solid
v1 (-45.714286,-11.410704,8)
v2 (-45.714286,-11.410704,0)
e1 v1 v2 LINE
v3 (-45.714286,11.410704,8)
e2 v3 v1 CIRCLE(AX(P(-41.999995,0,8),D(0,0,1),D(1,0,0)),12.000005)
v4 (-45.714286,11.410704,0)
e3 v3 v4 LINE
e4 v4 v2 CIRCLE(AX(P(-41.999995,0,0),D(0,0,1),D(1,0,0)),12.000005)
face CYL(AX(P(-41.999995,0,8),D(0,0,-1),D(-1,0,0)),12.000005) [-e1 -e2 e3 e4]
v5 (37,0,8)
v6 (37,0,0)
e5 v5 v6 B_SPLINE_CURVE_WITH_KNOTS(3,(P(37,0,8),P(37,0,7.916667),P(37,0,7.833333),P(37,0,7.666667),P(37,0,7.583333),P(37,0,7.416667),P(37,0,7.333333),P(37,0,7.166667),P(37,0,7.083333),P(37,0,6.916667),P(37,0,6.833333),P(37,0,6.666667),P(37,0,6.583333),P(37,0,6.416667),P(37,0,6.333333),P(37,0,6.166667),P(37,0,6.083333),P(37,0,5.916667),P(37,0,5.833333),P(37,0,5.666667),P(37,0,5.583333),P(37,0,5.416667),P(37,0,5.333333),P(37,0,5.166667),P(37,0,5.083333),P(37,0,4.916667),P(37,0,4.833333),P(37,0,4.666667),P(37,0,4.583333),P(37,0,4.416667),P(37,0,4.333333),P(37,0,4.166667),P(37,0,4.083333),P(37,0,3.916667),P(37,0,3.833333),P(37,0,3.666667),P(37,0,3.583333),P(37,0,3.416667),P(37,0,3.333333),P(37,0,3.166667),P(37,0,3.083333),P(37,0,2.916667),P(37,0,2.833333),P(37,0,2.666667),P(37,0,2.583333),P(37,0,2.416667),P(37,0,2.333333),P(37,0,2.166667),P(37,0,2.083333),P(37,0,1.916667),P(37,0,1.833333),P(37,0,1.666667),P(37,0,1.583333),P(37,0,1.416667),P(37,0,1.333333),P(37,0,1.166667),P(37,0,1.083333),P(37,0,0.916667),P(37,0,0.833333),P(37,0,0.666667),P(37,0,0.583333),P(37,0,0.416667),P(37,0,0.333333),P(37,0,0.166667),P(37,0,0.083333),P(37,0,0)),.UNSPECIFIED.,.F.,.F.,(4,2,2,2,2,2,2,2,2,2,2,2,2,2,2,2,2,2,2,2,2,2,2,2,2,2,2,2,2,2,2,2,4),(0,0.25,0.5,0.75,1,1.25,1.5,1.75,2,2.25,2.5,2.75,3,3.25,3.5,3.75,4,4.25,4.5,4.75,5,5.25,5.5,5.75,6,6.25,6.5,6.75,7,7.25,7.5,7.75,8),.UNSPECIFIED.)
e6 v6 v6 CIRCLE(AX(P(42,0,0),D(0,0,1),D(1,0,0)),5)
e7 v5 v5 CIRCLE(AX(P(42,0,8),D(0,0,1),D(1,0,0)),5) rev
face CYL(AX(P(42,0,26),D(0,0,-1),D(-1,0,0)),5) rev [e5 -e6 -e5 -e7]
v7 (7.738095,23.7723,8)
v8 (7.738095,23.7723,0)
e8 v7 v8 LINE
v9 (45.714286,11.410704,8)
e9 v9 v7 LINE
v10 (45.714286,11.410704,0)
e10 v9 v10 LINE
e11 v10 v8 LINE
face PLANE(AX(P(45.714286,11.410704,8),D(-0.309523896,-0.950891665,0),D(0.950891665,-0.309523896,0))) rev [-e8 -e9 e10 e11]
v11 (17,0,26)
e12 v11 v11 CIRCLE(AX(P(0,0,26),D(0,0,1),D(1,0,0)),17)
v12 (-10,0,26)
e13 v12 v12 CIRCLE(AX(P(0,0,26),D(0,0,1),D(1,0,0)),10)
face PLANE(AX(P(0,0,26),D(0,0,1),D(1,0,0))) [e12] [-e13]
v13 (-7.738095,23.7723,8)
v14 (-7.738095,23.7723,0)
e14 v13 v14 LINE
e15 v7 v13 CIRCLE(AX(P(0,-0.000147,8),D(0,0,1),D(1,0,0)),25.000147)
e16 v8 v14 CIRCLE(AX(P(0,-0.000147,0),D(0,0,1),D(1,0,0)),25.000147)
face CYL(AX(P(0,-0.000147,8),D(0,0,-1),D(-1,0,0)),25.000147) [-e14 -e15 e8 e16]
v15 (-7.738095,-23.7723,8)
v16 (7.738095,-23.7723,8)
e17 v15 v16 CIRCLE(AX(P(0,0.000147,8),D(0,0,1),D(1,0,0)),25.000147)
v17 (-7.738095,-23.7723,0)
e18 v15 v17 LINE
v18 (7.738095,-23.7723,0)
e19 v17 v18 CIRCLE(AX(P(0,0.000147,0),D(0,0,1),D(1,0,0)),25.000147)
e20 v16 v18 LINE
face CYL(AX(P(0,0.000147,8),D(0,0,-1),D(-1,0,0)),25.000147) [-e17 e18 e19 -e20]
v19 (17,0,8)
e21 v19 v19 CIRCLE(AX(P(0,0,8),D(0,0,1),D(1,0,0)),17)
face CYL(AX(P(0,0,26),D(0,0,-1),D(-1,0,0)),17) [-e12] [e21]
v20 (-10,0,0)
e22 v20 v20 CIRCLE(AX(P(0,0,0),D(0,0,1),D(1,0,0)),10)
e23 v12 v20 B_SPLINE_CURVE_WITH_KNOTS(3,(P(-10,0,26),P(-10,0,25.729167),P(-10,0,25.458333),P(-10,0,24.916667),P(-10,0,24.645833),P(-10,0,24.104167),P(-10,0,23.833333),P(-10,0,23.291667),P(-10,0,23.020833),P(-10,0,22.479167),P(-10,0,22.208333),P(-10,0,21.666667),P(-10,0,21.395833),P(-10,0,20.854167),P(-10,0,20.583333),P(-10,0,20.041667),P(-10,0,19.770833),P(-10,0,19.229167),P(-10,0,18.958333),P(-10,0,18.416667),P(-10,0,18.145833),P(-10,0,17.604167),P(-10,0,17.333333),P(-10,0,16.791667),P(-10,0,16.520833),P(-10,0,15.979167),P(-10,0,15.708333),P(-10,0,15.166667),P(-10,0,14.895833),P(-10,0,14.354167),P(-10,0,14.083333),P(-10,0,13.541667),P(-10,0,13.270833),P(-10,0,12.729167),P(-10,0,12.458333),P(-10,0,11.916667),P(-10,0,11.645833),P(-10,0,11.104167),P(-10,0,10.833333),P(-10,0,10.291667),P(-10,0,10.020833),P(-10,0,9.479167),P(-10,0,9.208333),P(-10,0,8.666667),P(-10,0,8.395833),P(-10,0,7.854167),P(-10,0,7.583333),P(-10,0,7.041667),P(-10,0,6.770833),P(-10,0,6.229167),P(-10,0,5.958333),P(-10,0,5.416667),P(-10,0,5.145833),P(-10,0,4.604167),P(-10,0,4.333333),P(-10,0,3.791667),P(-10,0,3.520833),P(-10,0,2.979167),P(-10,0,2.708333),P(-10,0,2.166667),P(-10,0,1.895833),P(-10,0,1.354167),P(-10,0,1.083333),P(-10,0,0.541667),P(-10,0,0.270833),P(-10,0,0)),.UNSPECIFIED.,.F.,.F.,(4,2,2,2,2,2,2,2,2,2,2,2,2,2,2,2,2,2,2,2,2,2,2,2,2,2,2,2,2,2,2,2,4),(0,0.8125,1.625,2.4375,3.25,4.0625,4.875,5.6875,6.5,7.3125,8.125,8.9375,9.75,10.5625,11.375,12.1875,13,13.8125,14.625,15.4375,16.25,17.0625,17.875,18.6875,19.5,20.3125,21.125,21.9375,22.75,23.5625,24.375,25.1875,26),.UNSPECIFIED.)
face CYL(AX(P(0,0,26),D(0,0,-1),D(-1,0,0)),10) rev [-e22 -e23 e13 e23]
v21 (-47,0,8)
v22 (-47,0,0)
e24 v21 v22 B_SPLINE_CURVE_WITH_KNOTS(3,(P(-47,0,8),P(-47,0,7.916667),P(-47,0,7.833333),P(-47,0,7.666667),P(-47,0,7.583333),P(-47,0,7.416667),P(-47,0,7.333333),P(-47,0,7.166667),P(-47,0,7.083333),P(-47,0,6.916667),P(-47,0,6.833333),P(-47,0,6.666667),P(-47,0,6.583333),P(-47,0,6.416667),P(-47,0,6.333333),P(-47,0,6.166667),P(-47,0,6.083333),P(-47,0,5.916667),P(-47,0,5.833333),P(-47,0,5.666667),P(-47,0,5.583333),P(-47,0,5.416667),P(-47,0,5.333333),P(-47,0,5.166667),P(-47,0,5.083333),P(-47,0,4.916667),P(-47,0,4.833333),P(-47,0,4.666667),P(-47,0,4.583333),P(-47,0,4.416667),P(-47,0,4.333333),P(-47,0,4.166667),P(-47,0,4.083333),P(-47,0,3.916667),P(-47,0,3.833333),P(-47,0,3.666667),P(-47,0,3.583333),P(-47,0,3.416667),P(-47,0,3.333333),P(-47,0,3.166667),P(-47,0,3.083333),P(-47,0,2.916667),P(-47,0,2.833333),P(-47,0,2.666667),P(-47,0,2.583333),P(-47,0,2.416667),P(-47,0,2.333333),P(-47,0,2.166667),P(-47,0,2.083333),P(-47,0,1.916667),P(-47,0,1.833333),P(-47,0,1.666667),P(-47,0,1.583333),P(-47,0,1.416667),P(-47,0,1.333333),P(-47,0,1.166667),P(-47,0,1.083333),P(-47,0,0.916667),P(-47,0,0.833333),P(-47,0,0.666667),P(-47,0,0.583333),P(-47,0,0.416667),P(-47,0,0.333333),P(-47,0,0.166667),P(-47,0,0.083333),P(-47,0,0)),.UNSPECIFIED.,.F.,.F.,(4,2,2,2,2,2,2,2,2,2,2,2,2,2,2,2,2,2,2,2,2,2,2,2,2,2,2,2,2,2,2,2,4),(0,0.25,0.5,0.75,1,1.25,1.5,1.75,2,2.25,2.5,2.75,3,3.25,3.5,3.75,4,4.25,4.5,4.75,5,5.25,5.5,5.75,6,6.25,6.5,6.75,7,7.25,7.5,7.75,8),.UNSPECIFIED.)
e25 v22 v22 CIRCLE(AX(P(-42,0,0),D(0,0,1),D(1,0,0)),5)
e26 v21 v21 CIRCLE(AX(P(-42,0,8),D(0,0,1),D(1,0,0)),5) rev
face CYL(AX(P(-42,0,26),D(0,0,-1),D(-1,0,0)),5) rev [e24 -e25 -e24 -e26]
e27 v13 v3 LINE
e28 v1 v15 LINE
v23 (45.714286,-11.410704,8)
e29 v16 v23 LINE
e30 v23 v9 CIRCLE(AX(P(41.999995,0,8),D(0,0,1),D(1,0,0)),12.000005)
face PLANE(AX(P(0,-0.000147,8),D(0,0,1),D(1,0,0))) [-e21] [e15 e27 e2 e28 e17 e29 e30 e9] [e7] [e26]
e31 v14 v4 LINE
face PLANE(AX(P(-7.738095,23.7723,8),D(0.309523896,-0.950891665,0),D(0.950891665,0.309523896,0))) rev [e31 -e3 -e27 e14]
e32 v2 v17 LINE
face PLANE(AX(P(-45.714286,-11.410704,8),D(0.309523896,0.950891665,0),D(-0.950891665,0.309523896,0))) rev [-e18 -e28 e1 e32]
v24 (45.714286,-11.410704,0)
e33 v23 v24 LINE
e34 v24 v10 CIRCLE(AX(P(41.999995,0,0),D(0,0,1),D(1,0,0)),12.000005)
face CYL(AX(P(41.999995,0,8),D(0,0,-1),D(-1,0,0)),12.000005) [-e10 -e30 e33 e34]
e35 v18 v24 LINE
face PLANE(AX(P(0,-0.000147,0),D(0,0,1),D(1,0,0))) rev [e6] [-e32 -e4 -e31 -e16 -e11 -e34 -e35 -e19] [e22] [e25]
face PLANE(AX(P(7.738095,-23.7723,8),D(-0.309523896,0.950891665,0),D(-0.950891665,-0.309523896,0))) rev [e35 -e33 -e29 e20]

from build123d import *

# Parameters (mm, degrees)
EXTRUDE_1_DEPTH     = 8
SKETCH_2_R          = 17
EXTRUDE_2_DEPTH     = 18
SKETCH_3_R          = 10
CUT_EXTRUDE_1_DEPTH = 65.93843238
SKETCH_4_R          = 5
CUT_EXTRUDE_2_DEPTH = 65.93843238


with BuildPart() as part:
    # 草图1 → 凸台-拉伸1 (new body)
    with BuildSketch(Plane.XY):
        with BuildLine():
            Line((-7.738095, 23.7723), (-45.714286, 11.410704))
            ThreePointArc((-45.714286, 11.410704), (-54, 0), (-45.714286, -11.410704))
            Line((-45.714286, -11.410704), (-7.738095, -23.7723))
            ThreePointArc((-7.738095, -23.7723), (0, -25), (7.738095, -23.7723))
            Line((7.738095, -23.7723), (45.714286, -11.410704))
            ThreePointArc((45.714286, -11.410704), (54, 0), (45.714286, 11.410704))
            Line((45.714286, 11.410704), (7.738095, 23.7723))
            ThreePointArc((7.738095, 23.7723), (0, 25), (-7.738095, 23.7723))
        make_face()
    extrude(amount=EXTRUDE_1_DEPTH)

    # 草图2 → 凸台-拉伸2 (add)
    with BuildSketch(Plane.XY.offset(8)):
        Circle(SKETCH_2_R)
    extrude(amount=EXTRUDE_2_DEPTH)

    # 草图3 → 切除-拉伸1 (cut, through all)
    with BuildSketch(Plane.XY):
        with Locations(Location((0, 0, 0), (0, 0, 180))):
            Circle(SKETCH_3_R)
    extrude(amount=CUT_EXTRUDE_1_DEPTH, mode=Mode.SUBTRACT)

    # 草图4 → 切除-拉伸2 (cut, through all)
    with BuildSketch(Plane.XY):
        with Locations(Location((42, 0, 0), (0, 0, 180))):
            Circle(SKETCH_4_R)
        with Locations(Location((-42, 0, 0), (0, 0, 180))):
            Circle(SKETCH_4_R)
    extrude(amount=CUT_EXTRUDE_2_DEPTH, mode=Mode.SUBTRACT)


solid = part.part
